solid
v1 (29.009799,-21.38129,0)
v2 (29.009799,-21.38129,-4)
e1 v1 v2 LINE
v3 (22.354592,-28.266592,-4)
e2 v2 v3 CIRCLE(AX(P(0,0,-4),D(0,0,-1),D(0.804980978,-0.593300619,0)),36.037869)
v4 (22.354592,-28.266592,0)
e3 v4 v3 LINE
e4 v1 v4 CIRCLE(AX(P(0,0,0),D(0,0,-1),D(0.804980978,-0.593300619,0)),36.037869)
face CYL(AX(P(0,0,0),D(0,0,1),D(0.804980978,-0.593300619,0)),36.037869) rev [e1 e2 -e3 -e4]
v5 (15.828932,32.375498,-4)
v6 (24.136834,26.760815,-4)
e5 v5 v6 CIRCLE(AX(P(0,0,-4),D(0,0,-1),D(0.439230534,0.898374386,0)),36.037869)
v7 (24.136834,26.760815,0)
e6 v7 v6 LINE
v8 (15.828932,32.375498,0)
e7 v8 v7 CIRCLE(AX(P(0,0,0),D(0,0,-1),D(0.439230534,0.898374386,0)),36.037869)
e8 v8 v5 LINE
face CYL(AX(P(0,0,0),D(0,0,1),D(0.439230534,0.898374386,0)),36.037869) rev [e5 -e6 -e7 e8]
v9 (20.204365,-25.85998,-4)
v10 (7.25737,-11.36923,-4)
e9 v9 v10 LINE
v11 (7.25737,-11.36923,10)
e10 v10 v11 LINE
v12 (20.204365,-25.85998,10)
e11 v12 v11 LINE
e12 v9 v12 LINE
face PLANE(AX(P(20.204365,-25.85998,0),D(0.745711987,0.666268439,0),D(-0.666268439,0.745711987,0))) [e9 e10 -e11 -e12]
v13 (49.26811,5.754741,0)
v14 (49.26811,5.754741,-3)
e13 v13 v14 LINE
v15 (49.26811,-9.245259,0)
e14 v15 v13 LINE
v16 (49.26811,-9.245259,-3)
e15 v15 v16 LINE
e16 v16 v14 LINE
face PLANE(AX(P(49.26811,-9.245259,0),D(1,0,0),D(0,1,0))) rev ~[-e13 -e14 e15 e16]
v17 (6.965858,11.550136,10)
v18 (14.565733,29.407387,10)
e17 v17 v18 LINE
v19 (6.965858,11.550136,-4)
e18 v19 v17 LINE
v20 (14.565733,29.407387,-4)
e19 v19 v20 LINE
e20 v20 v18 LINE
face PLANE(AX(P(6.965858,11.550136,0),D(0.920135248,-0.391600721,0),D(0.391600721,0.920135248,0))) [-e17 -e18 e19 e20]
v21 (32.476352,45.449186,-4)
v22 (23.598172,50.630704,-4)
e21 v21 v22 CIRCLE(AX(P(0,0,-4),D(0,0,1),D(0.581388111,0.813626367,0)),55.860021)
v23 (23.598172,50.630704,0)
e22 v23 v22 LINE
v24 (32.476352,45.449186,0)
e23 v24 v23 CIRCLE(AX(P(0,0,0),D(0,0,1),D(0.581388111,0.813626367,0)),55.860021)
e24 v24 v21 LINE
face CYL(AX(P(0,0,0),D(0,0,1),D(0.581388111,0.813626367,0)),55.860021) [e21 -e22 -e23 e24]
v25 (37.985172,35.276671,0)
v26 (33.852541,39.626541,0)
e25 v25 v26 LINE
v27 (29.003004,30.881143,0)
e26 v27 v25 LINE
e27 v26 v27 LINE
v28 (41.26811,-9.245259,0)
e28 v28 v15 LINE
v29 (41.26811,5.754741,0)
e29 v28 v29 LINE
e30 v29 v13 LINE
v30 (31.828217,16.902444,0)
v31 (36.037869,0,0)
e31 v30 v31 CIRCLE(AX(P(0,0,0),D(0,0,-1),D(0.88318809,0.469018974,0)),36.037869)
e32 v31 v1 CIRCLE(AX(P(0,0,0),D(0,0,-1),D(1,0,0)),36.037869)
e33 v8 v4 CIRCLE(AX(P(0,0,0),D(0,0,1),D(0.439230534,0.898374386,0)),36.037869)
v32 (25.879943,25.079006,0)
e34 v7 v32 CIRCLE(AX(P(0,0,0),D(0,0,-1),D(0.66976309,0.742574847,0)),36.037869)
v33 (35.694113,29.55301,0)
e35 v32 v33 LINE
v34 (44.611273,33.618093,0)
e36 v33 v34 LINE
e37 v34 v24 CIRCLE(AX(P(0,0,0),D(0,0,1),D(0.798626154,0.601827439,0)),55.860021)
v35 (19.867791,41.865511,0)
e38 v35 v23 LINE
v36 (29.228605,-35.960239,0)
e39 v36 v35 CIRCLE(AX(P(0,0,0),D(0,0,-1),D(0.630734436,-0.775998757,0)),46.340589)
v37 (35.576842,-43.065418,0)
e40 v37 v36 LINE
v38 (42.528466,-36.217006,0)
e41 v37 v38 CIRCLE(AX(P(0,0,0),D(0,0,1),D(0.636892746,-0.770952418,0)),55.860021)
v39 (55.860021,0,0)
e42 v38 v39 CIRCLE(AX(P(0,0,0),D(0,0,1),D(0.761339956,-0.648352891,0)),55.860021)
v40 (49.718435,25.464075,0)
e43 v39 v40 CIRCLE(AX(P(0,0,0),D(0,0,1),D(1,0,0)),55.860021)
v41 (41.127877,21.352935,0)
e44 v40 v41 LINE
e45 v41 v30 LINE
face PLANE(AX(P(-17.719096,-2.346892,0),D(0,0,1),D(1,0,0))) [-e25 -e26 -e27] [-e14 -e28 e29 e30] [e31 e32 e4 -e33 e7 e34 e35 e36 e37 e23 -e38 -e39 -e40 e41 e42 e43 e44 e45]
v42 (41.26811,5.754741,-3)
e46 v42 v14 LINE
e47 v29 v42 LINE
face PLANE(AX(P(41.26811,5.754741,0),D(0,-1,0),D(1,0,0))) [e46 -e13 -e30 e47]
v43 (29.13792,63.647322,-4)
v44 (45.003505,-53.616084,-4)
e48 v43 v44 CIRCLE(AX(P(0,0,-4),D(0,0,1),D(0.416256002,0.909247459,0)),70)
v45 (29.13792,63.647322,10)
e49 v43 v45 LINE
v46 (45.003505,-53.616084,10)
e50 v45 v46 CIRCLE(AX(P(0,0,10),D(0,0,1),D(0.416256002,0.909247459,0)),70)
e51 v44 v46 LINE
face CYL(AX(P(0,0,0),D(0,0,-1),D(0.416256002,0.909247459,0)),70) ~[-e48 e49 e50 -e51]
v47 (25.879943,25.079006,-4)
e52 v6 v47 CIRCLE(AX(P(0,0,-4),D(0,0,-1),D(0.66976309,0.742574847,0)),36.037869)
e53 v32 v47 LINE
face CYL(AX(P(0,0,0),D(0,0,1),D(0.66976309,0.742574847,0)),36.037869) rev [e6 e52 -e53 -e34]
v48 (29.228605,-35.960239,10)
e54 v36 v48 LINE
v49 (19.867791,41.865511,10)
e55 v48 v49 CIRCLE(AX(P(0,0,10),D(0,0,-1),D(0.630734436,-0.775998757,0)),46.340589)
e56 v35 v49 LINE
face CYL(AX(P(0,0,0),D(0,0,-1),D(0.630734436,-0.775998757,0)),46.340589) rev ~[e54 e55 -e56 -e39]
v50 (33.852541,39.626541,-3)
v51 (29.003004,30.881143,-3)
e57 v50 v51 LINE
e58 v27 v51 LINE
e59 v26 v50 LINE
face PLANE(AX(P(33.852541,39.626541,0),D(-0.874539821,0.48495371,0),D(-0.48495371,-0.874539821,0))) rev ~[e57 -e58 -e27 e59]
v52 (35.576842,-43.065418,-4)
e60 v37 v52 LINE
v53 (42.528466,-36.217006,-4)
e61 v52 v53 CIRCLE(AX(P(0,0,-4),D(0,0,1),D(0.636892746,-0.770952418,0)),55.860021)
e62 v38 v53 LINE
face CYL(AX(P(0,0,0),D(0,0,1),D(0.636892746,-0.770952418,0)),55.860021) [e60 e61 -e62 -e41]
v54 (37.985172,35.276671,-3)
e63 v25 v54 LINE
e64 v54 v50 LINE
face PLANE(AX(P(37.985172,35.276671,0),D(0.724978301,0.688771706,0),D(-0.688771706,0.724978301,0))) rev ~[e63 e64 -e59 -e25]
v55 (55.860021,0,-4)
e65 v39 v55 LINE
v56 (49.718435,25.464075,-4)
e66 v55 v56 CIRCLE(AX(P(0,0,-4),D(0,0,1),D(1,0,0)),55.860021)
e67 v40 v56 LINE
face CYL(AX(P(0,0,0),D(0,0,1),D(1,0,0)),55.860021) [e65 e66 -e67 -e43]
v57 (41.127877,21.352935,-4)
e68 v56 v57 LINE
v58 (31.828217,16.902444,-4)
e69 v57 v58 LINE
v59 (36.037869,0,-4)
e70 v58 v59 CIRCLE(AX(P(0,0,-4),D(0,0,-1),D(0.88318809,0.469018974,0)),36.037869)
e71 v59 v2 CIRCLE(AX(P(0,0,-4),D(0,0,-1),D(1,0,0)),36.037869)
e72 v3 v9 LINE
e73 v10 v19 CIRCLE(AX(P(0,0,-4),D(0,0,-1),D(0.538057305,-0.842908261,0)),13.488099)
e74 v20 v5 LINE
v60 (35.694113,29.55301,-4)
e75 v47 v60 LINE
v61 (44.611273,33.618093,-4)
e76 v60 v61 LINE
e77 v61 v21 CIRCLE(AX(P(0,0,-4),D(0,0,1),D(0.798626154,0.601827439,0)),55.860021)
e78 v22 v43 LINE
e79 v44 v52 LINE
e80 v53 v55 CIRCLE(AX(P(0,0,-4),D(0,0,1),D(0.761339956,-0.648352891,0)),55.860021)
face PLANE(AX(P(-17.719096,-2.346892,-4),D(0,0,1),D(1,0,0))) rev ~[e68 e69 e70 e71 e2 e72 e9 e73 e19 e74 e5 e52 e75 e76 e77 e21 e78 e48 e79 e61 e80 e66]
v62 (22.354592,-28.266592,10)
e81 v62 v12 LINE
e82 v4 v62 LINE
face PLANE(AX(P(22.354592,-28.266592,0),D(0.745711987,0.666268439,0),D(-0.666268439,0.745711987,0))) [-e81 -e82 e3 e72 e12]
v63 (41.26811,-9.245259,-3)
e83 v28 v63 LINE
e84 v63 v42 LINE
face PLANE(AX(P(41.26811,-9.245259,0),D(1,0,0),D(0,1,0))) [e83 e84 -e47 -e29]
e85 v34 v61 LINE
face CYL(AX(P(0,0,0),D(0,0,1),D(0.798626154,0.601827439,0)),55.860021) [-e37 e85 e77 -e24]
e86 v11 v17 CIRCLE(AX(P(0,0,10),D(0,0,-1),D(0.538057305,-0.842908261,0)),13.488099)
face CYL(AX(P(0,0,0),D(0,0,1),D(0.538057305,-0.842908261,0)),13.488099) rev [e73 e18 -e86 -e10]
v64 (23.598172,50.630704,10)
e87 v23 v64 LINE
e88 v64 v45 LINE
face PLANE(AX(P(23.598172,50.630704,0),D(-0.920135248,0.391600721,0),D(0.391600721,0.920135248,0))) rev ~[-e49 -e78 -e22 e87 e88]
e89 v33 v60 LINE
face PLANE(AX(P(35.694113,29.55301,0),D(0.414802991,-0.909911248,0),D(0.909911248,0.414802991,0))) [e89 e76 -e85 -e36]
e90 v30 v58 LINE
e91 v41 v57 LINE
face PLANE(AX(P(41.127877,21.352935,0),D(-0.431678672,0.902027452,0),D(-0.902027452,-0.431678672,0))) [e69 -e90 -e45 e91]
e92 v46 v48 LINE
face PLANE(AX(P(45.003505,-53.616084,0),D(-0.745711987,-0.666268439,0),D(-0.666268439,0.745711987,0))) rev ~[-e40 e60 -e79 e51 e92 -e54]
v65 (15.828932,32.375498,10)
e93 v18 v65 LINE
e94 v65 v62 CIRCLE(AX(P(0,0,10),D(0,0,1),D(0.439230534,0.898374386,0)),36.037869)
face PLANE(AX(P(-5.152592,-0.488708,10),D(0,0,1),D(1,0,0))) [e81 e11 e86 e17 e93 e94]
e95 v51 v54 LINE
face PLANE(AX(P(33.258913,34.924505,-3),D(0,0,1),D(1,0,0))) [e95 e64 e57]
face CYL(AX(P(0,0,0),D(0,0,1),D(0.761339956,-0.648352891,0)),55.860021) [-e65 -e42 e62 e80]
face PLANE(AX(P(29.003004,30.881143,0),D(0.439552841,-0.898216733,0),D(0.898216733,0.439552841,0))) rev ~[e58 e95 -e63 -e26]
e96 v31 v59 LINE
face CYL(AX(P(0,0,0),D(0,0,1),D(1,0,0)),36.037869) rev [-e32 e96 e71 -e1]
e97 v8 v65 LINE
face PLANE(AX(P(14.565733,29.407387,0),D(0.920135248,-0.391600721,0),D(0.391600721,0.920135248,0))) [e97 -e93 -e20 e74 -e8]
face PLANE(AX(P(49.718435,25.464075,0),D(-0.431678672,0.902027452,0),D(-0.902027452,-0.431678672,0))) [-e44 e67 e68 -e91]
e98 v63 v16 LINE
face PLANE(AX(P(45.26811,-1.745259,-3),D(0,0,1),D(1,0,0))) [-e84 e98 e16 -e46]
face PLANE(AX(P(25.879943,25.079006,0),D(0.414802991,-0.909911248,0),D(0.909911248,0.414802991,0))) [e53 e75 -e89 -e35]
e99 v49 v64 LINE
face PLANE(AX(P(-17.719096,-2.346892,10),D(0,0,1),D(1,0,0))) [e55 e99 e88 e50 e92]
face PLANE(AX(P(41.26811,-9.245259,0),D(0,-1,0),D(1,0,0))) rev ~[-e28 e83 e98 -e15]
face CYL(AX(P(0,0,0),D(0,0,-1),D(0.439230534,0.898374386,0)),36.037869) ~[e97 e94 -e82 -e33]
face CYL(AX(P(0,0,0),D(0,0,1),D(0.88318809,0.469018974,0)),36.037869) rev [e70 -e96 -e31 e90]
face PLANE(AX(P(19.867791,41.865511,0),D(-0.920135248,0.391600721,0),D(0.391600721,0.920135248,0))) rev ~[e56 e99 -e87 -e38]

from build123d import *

# Parameters (mm, degrees)
F1_DEPTH = 4
F2_DEPTH = 10
F3_W     = 8
F3_H     = 15
F4_DEPTH = 3


with BuildPart() as f1:
    # F0 (on Top) → F1 (new body)
    with BuildSketch(Plane.XY):
        with BuildLine():
            Line((23.5981723771, 50.6307036507), (29.1379201291, 63.6473221004))
            ThreePointArc((29.1379201291, 63.6473221004), (-69.3679635531, -9.3853946369), (45.0035054679, -53.6160842994))
            Line((45.0035054679, -53.6160842994), (35.576841855, -43.0654178585))
            ThreePointArc((35.576841855, -43.0654178585), (-55.4090369327, -7.0838208542), (23.5981723771, 50.6307036507))
        make_face()
        with BuildLine():
            Line((19.8677907274, 41.8655113026), (23.5981723771, 50.6307036507))
            ThreePointArc((23.5981723771, 50.6307036507), (-55.4090369327, -7.0838208542), (35.576841855, -43.0654178585))
            Line((35.576841855, -43.0654178585), (29.2286049616, -35.9602391123))
            ThreePointArc((29.2286049616, -35.9602391123), (-46.0089760191, -5.5339200114), (19.8677907274, 41.8655113026))
        make_face()
        with BuildLine():
            Line((14.5657325798, 29.407386674), (15.8289323737, 32.3754983065))
            ThreePointArc((15.8289323737, 32.3754983065), (-35.8310083049, -3.8557534328), (22.3545915501, -28.266592071))
            Line((22.3545915501, -28.266592071), (20.2043653008, -25.8599802663))
            ThreePointArc((20.2043653008, -25.8599802663), (-32.6475173449, -3.3308509117), (14.5657325798, 29.407386674))
        make_face()
        with BuildLine():
            Line((6.9658582886, 11.5501360659), (14.5657325798, 29.407386674))
            ThreePointArc((14.5657325798, 29.407386674), (-32.6475173449, -3.3308509117), (20.2043653008, -25.8599802663))
            Line((20.2043653008, -25.8599802663), (7.257370403, -11.3692303905))
            ThreePointArc((7.257370403, -11.3692303905), (-13.4870085006, -0.1715416686), (6.9658582886, 11.5501360659))
        make_face()
        with BuildLine():
            Line((15.8289323737, 32.3754983065), (19.8677907274, 41.8655113026))
            ThreePointArc((19.8677907274, 41.8655113026), (-46.0089760191, -5.5339200114), (29.2286049616, -35.9602391123))
            Line((29.2286049616, -35.9602391123), (22.3545915501, -28.266592071))
            ThreePointArc((22.3545915501, -28.266592071), (-35.8310083049, -3.8557534328), (15.8289323737, 32.3754983065))
        make_face()
        with BuildLine():
            ThreePointArc((32.4763517935, 45.4491855361), (28.1567060881, 48.2446037809), (23.5981723771, 50.6307036507))
            Line((23.5981723771, 50.6307036507), (19.8677907274, 41.8655113026))
            ThreePointArc((19.8677907274, 41.8655113026), (24.3303762174, 39.4396112828), (28.5006543682, 36.5398802079))
            Line((28.5006543682, 36.5398802079), (32.4763517935, 45.4491855361))
        make_face()
        with BuildLine():
            ThreePointArc((28.5006543682, 36.5398802079), (24.3303762174, 39.4396112828), (19.8677907274, 41.8655113026))
            Line((19.8677907274, 41.8655113026), (15.8289323737, 32.3754983065))
            ThreePointArc((15.8289323737, 32.3754983065), (20.1791178088, 29.8585196408), (24.1368343884, 26.7608149426))
            Line((24.1368343884, 26.7608149426), (28.5006543682, 36.5398802079))
        make_face()
        with BuildLine():
            ThreePointArc((35.6941134, 29.5530102292), (32.2869345127, 33.2416005149), (28.5006543682, 36.5398802079))
            Line((28.5006543682, 36.5398802079), (24.1368343884, 26.7608149426))
            ThreePointArc((24.1368343884, 26.7608149426), (25.022522536, 25.9345591175), (25.8799433339, 25.0790056366))
            Line((25.8799433339, 25.0790056366), (35.6941134, 29.5530102292))
        make_face()
        with BuildLine():
            ThreePointArc((44.6112733376, 33.6180930885), (38.9951173125, 39.9965338185), (32.4763517935, 45.4491855361))
            Line((32.4763517935, 45.4491855361), (28.5006543682, 36.5398802079))
            ThreePointArc((28.5006543682, 36.5398802079), (32.2869345127, 33.2416005149), (35.6941134, 29.5530102292))
            Line((35.6941134, 29.5530102292), (44.6112733376, 33.6180930885))
        make_face()
        with BuildLine():
            Line((22.3545915501, -28.266592071), (29.2286049616, -35.9602391123))
            ThreePointArc((29.2286049616, -35.9602391123), (32.8206282453, -32.7147750505), (36.0544716862, -29.1122863487))
            Line((36.0544716862, -29.1122863487), (29.0097989093, -21.3812899032))
            ThreePointArc((29.0097989093, -21.3812899032), (25.9119084265, -25.0459775688), (22.3545915501, -28.266592071))
        make_face()
        with BuildLine():
            Line((29.2286049616, -35.9602391123), (35.576841855, -43.0654178585))
            ThreePointArc((35.576841855, -43.0654178585), (39.2024865114, -39.7933027409), (42.5284655631, -36.2170057923))
            Line((42.5284655631, -36.2170057923), (36.0544716862, -29.1122863487))
            ThreePointArc((36.0544716862, -29.1122863487), (32.8206282453, -32.7147750505), (29.2286049616, -35.9602391123))
        make_face()
        with BuildLine():
            Line((36.0544716862, -29.1122863487), (42.5284655631, -36.2170057923))
            ThreePointArc((42.5284655631, -36.2170057923), (52.4212879012, -19.2963848035), (55.860020513, 0))
            ThreePointArc((55.860020513, 0), (54.3029220862, 13.0971197067), (49.7184350628, 25.4640748234))
            Line((49.7184350628, 25.4640748234), (41.1278773135, 21.3529354587))
            ThreePointArc((41.1278773135, 21.3529354587), (45.0185527566, 10.9899978491), (46.3405885269, 0))
            ThreePointArc((46.3405885269, 0), (43.6934524957, -15.4380165186), (36.0544716862, -29.1122863487))
        make_face()
        with BuildLine():
            Line((29.0097989093, -21.3812899032), (36.0544716862, -29.1122863487))
            ThreePointArc((36.0544716862, -29.1122863487), (43.6934524957, -15.4380165186), (46.3405885269, 0))
            ThreePointArc((46.3405885269, 0), (45.0185527566, 10.9899978491), (41.1278773135, 21.3529354587))
            Line((41.1278773135, 21.3529354587), (31.8282165391, 16.9024442795))
            ThreePointArc((31.8282165391, 16.9024442795), (34.9696231307, 8.7093885424), (36.0378688421, 0))
            ThreePointArc((36.0378688421, 0), (34.2357950026, -11.253369772), (29.0097989093, -21.3812899032))
        make_face()
    extrude(amount=-F1_DEPTH)

    # F0 (on Top) → F2 (join)
    with BuildSketch(Plane.XY):
        with BuildLine():
            Line((23.5981723771, 50.6307036507), (29.1379201291, 63.6473221004))
            ThreePointArc((29.1379201291, 63.6473221004), (-69.3679635531, -9.3853946369), (45.0035054679, -53.6160842994))
            Line((45.0035054679, -53.6160842994), (35.576841855, -43.0654178585))
            ThreePointArc((35.576841855, -43.0654178585), (-55.4090369327, -7.0838208542), (23.5981723771, 50.6307036507))
        make_face()
        with BuildLine():
            Line((19.8677907274, 41.8655113026), (23.5981723771, 50.6307036507))
            ThreePointArc((23.5981723771, 50.6307036507), (-55.4090369327, -7.0838208542), (35.576841855, -43.0654178585))
            Line((35.576841855, -43.0654178585), (29.2286049616, -35.9602391123))
            ThreePointArc((29.2286049616, -35.9602391123), (-46.0089760191, -5.5339200114), (19.8677907274, 41.8655113026))
        make_face()
        with BuildLine():
            Line((6.9658582886, 11.5501360659), (14.5657325798, 29.407386674))
            ThreePointArc((14.5657325798, 29.407386674), (-32.6475173449, -3.3308509117), (20.2043653008, -25.8599802663))
            Line((20.2043653008, -25.8599802663), (7.257370403, -11.3692303905))
            ThreePointArc((7.257370403, -11.3692303905), (-13.4870085006, -0.1715416686), (6.9658582886, 11.5501360659))
        make_face()
        with BuildLine():
            Line((14.5657325798, 29.407386674), (15.8289323737, 32.3754983065))
            ThreePointArc((15.8289323737, 32.3754983065), (-35.8310083049, -3.8557534328), (22.3545915501, -28.266592071))
            Line((22.3545915501, -28.266592071), (20.2043653008, -25.8599802663))
            ThreePointArc((20.2043653008, -25.8599802663), (-32.6475173449, -3.3308509117), (14.5657325798, 29.407386674))
        make_face()
    extrude(amount=F2_DEPTH)

    # F3 (on face) → F4 (cut)
    with BuildSketch(Plane.XY):
        Polygon((37.9851715346, 35.276671204), (33.8525412993, 39.626541011), (29.0030042003, 30.8811427968), align=None)
        with Locations((45.2681102753, -1.745258756)):
            Rectangle(F3_W, F3_H)
    extrude(amount=-F4_DEPTH, mode=Mode.SUBTRACT)


solid = f1.part
